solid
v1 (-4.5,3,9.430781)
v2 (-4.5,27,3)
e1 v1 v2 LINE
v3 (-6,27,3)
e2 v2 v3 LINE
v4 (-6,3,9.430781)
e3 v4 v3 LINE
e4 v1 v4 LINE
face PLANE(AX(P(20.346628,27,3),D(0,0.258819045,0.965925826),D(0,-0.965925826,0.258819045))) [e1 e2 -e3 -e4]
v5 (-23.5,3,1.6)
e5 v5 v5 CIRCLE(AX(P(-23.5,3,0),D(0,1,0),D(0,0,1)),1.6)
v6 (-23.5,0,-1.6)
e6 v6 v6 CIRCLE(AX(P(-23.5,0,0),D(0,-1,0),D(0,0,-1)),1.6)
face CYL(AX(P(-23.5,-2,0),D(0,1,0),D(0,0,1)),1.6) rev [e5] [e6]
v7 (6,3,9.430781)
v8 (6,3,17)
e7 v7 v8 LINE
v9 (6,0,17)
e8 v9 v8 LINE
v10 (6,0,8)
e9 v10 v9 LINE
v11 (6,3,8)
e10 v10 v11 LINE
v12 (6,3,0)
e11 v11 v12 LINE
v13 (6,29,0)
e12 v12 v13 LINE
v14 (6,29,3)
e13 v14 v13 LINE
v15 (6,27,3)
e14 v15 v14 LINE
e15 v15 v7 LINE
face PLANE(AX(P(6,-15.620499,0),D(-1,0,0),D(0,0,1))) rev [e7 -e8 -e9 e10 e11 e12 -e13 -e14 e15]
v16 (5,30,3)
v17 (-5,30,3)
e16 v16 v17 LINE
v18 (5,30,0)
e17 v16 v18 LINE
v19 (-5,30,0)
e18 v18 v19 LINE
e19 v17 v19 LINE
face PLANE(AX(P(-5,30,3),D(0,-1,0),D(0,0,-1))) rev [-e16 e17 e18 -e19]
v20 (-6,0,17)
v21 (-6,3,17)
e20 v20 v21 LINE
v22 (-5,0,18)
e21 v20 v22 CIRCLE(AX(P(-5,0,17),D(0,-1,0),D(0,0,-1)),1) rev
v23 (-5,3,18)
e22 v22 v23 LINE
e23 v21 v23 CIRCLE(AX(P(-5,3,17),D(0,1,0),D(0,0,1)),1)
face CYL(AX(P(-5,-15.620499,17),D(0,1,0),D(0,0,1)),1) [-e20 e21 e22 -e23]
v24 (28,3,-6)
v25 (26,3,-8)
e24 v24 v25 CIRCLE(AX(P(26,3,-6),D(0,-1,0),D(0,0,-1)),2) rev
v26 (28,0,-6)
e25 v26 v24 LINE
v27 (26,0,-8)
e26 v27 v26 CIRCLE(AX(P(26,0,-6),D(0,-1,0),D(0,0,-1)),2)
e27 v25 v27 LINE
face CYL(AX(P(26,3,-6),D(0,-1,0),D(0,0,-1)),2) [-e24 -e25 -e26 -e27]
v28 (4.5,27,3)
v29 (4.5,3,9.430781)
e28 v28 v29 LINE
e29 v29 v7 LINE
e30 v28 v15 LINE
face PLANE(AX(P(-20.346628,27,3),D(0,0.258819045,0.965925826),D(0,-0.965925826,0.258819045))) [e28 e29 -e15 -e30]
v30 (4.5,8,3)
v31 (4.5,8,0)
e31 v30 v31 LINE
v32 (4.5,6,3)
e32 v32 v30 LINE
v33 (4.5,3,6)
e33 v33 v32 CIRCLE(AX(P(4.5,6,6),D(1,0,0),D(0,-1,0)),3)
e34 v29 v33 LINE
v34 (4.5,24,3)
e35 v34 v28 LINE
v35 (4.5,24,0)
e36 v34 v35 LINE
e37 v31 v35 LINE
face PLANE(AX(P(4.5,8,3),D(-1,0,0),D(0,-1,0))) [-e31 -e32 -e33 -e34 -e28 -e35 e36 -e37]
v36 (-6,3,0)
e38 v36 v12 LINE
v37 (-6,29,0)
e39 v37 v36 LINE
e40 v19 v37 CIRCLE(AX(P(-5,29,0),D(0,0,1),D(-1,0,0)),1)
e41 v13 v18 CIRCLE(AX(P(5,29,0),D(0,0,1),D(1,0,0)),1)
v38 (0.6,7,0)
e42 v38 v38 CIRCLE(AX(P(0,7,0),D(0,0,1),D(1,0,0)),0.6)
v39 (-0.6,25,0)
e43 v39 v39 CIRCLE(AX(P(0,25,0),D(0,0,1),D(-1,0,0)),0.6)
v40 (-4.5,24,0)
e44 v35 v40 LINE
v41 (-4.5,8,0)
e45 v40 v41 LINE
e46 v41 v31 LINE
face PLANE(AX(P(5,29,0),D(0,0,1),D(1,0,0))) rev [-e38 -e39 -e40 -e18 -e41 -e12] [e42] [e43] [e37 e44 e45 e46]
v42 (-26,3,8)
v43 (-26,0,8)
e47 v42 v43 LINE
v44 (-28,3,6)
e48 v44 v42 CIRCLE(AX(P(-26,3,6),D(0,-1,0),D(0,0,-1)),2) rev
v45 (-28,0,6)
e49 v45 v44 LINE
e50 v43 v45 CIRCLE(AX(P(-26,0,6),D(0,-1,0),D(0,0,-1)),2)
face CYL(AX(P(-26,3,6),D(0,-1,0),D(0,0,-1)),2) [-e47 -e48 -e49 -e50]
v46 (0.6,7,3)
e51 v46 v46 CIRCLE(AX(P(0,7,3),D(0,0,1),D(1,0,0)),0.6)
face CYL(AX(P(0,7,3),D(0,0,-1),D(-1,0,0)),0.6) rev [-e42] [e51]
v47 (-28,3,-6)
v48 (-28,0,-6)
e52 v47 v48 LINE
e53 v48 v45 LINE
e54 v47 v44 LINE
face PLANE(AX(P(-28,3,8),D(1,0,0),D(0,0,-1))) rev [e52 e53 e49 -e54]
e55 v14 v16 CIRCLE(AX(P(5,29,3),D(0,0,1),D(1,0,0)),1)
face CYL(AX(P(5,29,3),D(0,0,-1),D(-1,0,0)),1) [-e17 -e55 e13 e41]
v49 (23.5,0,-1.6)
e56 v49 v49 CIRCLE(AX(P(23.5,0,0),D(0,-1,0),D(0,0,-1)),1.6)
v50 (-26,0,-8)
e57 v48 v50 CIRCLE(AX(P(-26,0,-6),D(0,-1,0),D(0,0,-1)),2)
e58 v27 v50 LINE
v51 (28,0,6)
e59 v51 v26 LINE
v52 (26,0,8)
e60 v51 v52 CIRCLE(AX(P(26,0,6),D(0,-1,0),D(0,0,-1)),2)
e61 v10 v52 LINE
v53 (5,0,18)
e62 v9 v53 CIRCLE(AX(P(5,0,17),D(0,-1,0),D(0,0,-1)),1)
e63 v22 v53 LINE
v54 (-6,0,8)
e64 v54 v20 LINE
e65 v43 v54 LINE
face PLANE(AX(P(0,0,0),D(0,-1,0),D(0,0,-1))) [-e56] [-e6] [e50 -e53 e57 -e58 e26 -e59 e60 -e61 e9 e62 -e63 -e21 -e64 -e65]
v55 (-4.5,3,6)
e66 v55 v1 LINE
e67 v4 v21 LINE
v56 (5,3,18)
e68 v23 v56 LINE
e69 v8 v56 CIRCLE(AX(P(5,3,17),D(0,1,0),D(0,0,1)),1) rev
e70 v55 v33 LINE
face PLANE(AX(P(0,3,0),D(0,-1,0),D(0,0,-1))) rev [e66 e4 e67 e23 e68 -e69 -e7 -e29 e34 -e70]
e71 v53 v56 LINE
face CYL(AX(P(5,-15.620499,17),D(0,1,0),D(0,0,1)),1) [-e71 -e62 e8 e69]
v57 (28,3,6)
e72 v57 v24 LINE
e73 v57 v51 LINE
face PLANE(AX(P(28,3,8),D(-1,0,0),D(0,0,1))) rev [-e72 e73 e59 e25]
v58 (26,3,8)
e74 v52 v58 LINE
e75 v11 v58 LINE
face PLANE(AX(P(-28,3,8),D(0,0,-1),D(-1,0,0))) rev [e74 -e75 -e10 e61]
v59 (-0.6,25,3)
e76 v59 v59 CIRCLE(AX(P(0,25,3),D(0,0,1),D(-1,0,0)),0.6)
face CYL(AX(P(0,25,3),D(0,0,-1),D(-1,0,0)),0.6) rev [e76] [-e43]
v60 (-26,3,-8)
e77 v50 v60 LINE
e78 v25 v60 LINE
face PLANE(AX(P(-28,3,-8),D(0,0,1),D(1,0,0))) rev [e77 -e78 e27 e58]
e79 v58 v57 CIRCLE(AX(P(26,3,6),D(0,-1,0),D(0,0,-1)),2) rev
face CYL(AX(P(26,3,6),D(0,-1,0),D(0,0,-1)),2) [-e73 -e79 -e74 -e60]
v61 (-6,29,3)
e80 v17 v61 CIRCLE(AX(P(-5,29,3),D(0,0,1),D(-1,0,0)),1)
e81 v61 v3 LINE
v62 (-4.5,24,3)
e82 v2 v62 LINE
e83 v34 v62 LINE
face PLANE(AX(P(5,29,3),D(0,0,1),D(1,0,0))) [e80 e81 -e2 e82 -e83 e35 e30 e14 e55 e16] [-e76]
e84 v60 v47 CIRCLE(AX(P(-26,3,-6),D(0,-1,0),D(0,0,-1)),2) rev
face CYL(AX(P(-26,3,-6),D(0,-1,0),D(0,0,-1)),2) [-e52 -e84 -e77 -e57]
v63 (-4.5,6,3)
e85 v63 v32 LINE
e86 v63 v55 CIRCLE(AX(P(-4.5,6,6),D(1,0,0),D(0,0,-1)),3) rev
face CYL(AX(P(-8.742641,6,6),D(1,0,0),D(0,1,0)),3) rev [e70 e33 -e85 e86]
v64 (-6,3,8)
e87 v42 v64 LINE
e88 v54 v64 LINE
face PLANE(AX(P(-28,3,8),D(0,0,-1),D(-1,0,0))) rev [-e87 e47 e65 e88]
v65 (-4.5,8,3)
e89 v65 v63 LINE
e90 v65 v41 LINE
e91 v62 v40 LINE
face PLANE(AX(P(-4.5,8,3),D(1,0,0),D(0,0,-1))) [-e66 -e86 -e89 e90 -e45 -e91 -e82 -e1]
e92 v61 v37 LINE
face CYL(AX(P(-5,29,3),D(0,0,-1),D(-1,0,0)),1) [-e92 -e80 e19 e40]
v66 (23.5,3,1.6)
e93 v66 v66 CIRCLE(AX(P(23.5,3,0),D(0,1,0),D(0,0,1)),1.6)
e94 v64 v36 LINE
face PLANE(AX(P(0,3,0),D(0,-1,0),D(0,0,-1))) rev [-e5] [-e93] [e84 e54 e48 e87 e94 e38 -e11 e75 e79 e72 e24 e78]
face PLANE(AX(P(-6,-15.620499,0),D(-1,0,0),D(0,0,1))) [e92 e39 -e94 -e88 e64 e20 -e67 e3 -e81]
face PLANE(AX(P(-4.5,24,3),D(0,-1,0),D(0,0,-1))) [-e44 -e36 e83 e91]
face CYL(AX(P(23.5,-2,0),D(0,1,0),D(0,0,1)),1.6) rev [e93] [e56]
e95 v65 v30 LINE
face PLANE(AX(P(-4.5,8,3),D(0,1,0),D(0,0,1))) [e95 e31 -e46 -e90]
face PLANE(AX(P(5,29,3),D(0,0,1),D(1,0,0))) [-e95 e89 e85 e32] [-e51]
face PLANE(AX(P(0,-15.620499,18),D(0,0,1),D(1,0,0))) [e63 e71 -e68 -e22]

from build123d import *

# Parameters (mm, degrees)
SKETCH_1_W          = 56
SKETCH_1_H          = 16
EXTRUDE_1_DEPTH     = 3
SKETCH_3_R          = 1.6
CUT_EXTRUDE_2_DEPTH = 5
FILLET_1_R          = 2
EXTRUDE_2_DEPTH     = 3
SKETCH_5_R          = 0.6
SKETCH_5_W          = 9
SKETCH_5_H          = 16
EXTRUDE_3_DEPTH     = 3
EXTRUDE_5_DEPTH     = 1.5
EXTRUDE_6_DEPTH     = 1.5
EXTRUDE_7_DEPTH     = 9


with BuildPart() as part:
    # 草图1 → 凸台-拉伸1 (new body)
    with BuildSketch(Plane(origin=(0, 0, 0), x_dir=(1, 0, 0), z_dir=(0, 1, 0))):
        Rectangle(SKETCH_1_W, SKETCH_1_H)
    extrude(amount=EXTRUDE_1_DEPTH)

    # 草图3 → 切除-拉伸2 (cut)
    with BuildSketch(Plane(origin=(0, 3, 0), x_dir=(1, 0, 0), z_dir=(0, 1, 0))):
        with Locations(Location((23.5, 0, 0), (0, 0, 270))):
            Circle(SKETCH_3_R)
        with Locations(Location((-23.5, 0, 0), (0, 0, 270))):
            Circle(SKETCH_3_R)
    extrude(amount=-CUT_EXTRUDE_2_DEPTH, mode=Mode.SUBTRACT)

    # 圆角1
    fillet_1_edges = [part.edges().sort_by_distance(p)[0] for p in [
        (28, 1.5, 8),
        (-28, 1.5, 8),
        (-28, 1.5, -8),
        (28, 1.5, -8),
    ]]
    fillet(fillet_1_edges, radius=FILLET_1_R)

    # 草图4 → 凸台-拉伸2 (add)
    with BuildSketch(Plane(origin=(0, 3, 0), x_dir=(1, 0, 0), z_dir=(0, 1, 0))):
        with BuildLine():
            Line((0, -8), (0, -18))
            Line((0, -18), (5, -18))
            ThreePointArc((5, -18), (5.707106781, -17.707106781), (6, -17))
            Line((6, -17), (6, -8))
            Line((6, -8), (0, -8))
        make_face()
        with BuildLine():
            Line((-5, -18), (0, -18))
            Line((0, -18), (0, -8))
            Line((0, -8), (-6, -8))
            Line((-6, -8), (-6, -17))
            ThreePointArc((-6, -17), (-5.707106781, -17.707106781), (-5, -18))
        make_face()
    extrude(amount=-EXTRUDE_2_DEPTH)

    # 草图5 → 凸台-拉伸3 (add)
    with BuildSketch(Plane.XY):
        with BuildLine():
            Line((-6, 3), (-6, 29))
            ThreePointArc((-6, 29), (-5.707106781, 29.707106781), (-5, 30))
            Line((-5, 30), (5, 30))
            ThreePointArc((5, 30), (5.707106781, 29.707106781), (6, 29))
            Line((6, 29), (6, 3))
            Line((6, 3), (-6, 3))
        make_face()
        with Locations((0, 7)):
            Circle(SKETCH_5_R, mode=Mode.SUBTRACT)
        with Locations(Location((0, 25, 0), (0, 0, 180))):
            Circle(SKETCH_5_R, mode=Mode.SUBTRACT)
        with Locations((0, 16)):
            Rectangle(SKETCH_5_W, SKETCH_5_H, mode=Mode.SUBTRACT)
    extrude(amount=EXTRUDE_3_DEPTH)

    # 草图7 → 凸台-拉伸5 (add)
    with BuildSketch(Plane(origin=(6, 0, 0), x_dir=(0, 0, -1), z_dir=(1, 0, 0))):
        Polygon((-3, 27), (-9.430780618, 3), (-3, 3), align=None)
    extrude(amount=-EXTRUDE_5_DEPTH)

    # 草图8 → 凸台-拉伸6 (add)
    with BuildSketch(Plane.ZY.offset(6)):
        Polygon((3, 27), (9.430780618, 3), (3, 3), align=None)
    extrude(amount=-EXTRUDE_6_DEPTH)

    # 草图9 → 凸台-拉伸7 (add)
    with BuildSketch(Plane.ZY.offset(-4.5)):
        with BuildLine():
            Line((3, 6), (3, 3))
            Line((3, 3), (6, 3))
            ThreePointArc((6, 3), (3.878679656, 3.878679656), (3, 6))
        make_face()
    extrude(amount=EXTRUDE_7_DEPTH)


solid = part.part
